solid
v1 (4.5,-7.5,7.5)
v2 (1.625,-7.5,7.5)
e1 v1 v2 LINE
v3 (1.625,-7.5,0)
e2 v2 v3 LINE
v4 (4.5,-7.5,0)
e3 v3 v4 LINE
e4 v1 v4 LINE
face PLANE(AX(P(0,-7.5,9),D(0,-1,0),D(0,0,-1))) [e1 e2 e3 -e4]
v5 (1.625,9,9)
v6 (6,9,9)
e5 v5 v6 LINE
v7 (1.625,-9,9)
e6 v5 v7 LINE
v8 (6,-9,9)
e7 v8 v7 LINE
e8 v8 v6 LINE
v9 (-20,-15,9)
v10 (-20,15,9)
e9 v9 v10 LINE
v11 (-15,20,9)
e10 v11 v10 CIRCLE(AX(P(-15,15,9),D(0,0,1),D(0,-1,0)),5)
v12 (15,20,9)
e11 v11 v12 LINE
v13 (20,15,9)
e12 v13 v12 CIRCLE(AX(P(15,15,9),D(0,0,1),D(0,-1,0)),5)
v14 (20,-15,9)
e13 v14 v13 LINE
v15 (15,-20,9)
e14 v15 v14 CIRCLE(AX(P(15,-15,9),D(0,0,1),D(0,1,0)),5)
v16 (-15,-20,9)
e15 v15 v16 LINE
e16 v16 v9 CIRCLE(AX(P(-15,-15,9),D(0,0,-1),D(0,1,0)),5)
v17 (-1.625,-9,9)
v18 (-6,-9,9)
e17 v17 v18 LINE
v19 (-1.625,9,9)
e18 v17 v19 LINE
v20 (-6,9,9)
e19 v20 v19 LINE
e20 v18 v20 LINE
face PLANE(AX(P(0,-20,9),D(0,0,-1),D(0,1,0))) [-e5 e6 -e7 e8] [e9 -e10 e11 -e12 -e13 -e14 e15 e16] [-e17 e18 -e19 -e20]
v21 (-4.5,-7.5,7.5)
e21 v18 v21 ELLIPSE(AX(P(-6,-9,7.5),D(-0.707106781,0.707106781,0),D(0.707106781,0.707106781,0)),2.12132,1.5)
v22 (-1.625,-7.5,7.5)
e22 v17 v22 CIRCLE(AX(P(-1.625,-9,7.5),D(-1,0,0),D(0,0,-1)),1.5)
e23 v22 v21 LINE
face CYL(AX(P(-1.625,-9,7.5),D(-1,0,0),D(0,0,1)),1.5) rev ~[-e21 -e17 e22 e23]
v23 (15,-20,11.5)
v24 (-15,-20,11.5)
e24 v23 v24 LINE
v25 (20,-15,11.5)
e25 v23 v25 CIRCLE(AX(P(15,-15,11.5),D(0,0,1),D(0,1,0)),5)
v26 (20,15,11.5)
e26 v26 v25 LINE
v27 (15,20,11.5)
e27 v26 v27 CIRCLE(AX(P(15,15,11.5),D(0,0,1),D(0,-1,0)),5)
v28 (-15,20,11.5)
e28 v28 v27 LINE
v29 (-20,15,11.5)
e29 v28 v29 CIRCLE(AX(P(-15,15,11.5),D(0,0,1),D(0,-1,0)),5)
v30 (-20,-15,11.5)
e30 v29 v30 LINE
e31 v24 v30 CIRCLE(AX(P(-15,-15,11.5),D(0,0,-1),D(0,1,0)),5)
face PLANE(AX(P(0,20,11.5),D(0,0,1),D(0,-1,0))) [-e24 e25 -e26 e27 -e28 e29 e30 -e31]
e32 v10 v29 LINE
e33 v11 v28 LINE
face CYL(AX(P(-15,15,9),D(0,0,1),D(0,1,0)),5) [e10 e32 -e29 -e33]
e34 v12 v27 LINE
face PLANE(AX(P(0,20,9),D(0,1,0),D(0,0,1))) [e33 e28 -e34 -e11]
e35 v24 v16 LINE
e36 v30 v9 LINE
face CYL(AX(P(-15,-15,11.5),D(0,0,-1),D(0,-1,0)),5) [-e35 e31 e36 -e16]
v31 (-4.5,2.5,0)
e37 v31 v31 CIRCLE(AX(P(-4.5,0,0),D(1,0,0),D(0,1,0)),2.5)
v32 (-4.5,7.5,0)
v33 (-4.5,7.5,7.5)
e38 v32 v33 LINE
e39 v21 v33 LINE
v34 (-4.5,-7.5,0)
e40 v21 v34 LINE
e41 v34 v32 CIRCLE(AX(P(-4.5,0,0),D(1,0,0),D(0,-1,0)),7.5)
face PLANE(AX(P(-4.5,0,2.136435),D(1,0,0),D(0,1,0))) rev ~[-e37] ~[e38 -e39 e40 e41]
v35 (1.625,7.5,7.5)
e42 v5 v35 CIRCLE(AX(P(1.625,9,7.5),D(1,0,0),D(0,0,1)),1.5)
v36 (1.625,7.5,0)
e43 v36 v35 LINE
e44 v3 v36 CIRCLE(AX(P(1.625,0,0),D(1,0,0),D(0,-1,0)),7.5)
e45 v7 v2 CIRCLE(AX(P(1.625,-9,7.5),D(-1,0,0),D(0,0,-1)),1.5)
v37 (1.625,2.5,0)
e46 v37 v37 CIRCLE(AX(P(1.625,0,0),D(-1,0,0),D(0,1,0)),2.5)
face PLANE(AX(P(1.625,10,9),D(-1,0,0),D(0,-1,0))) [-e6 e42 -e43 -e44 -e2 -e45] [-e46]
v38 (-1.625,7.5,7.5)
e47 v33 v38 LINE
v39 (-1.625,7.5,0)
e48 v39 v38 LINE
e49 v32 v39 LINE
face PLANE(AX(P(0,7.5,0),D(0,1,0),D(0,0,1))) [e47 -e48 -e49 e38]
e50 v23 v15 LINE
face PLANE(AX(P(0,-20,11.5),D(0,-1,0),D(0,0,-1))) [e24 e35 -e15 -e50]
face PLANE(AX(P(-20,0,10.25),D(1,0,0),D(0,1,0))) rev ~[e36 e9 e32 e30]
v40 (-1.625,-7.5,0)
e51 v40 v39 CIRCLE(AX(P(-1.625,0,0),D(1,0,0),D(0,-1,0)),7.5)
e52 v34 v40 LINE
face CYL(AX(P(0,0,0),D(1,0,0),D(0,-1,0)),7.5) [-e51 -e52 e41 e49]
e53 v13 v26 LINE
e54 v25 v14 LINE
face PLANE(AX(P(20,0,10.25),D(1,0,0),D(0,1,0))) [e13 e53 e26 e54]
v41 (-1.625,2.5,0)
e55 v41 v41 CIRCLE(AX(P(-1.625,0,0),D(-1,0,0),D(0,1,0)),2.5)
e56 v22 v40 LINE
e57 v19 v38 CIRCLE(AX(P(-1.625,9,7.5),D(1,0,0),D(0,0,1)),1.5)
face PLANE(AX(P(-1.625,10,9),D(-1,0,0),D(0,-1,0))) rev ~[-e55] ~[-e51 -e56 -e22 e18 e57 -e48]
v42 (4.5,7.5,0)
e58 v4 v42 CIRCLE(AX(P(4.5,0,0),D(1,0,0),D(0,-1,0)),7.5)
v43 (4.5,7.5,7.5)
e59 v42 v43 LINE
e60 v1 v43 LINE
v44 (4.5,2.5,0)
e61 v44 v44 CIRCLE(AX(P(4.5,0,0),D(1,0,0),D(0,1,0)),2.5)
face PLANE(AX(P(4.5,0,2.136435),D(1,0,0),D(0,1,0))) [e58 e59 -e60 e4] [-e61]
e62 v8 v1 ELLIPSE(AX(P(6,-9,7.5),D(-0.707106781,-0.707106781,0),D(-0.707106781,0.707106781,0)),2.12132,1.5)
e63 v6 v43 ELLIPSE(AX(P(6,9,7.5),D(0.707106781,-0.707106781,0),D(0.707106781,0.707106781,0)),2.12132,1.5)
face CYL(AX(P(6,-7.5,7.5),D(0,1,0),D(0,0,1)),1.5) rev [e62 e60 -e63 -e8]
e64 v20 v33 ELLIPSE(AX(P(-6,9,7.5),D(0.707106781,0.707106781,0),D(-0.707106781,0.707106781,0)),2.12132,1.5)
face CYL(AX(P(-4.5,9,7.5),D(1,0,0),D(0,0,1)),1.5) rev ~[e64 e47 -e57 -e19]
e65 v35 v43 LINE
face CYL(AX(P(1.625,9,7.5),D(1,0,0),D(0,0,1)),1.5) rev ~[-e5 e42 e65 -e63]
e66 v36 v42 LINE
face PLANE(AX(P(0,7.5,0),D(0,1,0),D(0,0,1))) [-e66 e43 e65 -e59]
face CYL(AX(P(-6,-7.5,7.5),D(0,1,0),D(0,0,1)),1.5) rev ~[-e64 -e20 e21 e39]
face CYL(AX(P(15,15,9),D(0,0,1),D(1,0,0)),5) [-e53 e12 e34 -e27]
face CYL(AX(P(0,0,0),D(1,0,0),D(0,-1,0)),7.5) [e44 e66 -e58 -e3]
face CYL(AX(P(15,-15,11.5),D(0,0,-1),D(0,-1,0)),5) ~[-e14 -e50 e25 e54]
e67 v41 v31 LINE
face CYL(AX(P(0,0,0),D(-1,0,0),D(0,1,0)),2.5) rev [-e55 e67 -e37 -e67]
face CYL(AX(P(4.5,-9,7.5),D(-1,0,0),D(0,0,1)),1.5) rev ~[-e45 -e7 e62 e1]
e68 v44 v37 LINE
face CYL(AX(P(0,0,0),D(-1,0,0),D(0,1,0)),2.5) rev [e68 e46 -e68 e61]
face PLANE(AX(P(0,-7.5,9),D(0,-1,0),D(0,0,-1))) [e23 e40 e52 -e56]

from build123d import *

# Parameters (mm, degrees)
F0_R     = 2.5
F1_DEPTH = 4.5
F2_DEPTH = 20
F3_W     = 3.25
F3_H     = 20
F4_DEPTH = 25
F5_R     = 1.5
F6_R     = 5


with BuildPart() as f1:
    # F0 (on Right) → F1 (new body, symmetric)
    with BuildSketch(Plane.YZ):
        with BuildLine():
            Line((-7.5, 9), (-7.5, 0))
            ThreePointArc((-7.5, 0), (0, -7.5), (7.5, 0))
            Line((7.5, 0), (7.5, 9))
            Line((7.5, 9), (-7.5, 9))
        make_face()
        Circle(F0_R, mode=Mode.SUBTRACT)
        Polygon((-20, 9), (-7.5, 9), (7.5, 9), (20, 9), (20, 11.5), (-20, 11.5), align=None)
    extrude(amount=F1_DEPTH, both=True)

    # F0 (on Right) → F2 (join, symmetric)
    with BuildSketch(Plane.YZ):
        Polygon((-20, 9), (-7.5, 9), (7.5, 9), (20, 9), (20, 11.5), (-20, 11.5), align=None)
    extrude(amount=F2_DEPTH, both=True)

    # F3 (on face) → F4 (cut)
    with BuildSketch(Plane(origin=(0, 0, 9), x_dir=(1, 0, 0), z_dir=(0, 0, -1))):
        Rectangle(F3_W, F3_H)
    extrude(amount=F4_DEPTH, mode=Mode.SUBTRACT)

    # F5
    f5_edges = [f1.edges().sort_by_distance(p)[0] for p in [
        (-4.5, 0, 9),
        (4.5, 0, 9),
        (-3.0625, 7.5, 9),
        (3.0625, 7.5, 9),
        (3.0625, -7.5, 9),
        (-3.0625, -7.5, 9),
    ]]
    fillet(f5_edges, radius=F5_R)

    # F6
    f6_edges = [f1.edges().sort_by_distance(p)[0] for p in [
        (20, -20, 10.25),
        (-20, -20, 10.25),
        (20, 20, 10.25),
        (-20, 20, 10.25),
    ]]
    fillet(f6_edges, radius=F6_R)


solid = f1.part
